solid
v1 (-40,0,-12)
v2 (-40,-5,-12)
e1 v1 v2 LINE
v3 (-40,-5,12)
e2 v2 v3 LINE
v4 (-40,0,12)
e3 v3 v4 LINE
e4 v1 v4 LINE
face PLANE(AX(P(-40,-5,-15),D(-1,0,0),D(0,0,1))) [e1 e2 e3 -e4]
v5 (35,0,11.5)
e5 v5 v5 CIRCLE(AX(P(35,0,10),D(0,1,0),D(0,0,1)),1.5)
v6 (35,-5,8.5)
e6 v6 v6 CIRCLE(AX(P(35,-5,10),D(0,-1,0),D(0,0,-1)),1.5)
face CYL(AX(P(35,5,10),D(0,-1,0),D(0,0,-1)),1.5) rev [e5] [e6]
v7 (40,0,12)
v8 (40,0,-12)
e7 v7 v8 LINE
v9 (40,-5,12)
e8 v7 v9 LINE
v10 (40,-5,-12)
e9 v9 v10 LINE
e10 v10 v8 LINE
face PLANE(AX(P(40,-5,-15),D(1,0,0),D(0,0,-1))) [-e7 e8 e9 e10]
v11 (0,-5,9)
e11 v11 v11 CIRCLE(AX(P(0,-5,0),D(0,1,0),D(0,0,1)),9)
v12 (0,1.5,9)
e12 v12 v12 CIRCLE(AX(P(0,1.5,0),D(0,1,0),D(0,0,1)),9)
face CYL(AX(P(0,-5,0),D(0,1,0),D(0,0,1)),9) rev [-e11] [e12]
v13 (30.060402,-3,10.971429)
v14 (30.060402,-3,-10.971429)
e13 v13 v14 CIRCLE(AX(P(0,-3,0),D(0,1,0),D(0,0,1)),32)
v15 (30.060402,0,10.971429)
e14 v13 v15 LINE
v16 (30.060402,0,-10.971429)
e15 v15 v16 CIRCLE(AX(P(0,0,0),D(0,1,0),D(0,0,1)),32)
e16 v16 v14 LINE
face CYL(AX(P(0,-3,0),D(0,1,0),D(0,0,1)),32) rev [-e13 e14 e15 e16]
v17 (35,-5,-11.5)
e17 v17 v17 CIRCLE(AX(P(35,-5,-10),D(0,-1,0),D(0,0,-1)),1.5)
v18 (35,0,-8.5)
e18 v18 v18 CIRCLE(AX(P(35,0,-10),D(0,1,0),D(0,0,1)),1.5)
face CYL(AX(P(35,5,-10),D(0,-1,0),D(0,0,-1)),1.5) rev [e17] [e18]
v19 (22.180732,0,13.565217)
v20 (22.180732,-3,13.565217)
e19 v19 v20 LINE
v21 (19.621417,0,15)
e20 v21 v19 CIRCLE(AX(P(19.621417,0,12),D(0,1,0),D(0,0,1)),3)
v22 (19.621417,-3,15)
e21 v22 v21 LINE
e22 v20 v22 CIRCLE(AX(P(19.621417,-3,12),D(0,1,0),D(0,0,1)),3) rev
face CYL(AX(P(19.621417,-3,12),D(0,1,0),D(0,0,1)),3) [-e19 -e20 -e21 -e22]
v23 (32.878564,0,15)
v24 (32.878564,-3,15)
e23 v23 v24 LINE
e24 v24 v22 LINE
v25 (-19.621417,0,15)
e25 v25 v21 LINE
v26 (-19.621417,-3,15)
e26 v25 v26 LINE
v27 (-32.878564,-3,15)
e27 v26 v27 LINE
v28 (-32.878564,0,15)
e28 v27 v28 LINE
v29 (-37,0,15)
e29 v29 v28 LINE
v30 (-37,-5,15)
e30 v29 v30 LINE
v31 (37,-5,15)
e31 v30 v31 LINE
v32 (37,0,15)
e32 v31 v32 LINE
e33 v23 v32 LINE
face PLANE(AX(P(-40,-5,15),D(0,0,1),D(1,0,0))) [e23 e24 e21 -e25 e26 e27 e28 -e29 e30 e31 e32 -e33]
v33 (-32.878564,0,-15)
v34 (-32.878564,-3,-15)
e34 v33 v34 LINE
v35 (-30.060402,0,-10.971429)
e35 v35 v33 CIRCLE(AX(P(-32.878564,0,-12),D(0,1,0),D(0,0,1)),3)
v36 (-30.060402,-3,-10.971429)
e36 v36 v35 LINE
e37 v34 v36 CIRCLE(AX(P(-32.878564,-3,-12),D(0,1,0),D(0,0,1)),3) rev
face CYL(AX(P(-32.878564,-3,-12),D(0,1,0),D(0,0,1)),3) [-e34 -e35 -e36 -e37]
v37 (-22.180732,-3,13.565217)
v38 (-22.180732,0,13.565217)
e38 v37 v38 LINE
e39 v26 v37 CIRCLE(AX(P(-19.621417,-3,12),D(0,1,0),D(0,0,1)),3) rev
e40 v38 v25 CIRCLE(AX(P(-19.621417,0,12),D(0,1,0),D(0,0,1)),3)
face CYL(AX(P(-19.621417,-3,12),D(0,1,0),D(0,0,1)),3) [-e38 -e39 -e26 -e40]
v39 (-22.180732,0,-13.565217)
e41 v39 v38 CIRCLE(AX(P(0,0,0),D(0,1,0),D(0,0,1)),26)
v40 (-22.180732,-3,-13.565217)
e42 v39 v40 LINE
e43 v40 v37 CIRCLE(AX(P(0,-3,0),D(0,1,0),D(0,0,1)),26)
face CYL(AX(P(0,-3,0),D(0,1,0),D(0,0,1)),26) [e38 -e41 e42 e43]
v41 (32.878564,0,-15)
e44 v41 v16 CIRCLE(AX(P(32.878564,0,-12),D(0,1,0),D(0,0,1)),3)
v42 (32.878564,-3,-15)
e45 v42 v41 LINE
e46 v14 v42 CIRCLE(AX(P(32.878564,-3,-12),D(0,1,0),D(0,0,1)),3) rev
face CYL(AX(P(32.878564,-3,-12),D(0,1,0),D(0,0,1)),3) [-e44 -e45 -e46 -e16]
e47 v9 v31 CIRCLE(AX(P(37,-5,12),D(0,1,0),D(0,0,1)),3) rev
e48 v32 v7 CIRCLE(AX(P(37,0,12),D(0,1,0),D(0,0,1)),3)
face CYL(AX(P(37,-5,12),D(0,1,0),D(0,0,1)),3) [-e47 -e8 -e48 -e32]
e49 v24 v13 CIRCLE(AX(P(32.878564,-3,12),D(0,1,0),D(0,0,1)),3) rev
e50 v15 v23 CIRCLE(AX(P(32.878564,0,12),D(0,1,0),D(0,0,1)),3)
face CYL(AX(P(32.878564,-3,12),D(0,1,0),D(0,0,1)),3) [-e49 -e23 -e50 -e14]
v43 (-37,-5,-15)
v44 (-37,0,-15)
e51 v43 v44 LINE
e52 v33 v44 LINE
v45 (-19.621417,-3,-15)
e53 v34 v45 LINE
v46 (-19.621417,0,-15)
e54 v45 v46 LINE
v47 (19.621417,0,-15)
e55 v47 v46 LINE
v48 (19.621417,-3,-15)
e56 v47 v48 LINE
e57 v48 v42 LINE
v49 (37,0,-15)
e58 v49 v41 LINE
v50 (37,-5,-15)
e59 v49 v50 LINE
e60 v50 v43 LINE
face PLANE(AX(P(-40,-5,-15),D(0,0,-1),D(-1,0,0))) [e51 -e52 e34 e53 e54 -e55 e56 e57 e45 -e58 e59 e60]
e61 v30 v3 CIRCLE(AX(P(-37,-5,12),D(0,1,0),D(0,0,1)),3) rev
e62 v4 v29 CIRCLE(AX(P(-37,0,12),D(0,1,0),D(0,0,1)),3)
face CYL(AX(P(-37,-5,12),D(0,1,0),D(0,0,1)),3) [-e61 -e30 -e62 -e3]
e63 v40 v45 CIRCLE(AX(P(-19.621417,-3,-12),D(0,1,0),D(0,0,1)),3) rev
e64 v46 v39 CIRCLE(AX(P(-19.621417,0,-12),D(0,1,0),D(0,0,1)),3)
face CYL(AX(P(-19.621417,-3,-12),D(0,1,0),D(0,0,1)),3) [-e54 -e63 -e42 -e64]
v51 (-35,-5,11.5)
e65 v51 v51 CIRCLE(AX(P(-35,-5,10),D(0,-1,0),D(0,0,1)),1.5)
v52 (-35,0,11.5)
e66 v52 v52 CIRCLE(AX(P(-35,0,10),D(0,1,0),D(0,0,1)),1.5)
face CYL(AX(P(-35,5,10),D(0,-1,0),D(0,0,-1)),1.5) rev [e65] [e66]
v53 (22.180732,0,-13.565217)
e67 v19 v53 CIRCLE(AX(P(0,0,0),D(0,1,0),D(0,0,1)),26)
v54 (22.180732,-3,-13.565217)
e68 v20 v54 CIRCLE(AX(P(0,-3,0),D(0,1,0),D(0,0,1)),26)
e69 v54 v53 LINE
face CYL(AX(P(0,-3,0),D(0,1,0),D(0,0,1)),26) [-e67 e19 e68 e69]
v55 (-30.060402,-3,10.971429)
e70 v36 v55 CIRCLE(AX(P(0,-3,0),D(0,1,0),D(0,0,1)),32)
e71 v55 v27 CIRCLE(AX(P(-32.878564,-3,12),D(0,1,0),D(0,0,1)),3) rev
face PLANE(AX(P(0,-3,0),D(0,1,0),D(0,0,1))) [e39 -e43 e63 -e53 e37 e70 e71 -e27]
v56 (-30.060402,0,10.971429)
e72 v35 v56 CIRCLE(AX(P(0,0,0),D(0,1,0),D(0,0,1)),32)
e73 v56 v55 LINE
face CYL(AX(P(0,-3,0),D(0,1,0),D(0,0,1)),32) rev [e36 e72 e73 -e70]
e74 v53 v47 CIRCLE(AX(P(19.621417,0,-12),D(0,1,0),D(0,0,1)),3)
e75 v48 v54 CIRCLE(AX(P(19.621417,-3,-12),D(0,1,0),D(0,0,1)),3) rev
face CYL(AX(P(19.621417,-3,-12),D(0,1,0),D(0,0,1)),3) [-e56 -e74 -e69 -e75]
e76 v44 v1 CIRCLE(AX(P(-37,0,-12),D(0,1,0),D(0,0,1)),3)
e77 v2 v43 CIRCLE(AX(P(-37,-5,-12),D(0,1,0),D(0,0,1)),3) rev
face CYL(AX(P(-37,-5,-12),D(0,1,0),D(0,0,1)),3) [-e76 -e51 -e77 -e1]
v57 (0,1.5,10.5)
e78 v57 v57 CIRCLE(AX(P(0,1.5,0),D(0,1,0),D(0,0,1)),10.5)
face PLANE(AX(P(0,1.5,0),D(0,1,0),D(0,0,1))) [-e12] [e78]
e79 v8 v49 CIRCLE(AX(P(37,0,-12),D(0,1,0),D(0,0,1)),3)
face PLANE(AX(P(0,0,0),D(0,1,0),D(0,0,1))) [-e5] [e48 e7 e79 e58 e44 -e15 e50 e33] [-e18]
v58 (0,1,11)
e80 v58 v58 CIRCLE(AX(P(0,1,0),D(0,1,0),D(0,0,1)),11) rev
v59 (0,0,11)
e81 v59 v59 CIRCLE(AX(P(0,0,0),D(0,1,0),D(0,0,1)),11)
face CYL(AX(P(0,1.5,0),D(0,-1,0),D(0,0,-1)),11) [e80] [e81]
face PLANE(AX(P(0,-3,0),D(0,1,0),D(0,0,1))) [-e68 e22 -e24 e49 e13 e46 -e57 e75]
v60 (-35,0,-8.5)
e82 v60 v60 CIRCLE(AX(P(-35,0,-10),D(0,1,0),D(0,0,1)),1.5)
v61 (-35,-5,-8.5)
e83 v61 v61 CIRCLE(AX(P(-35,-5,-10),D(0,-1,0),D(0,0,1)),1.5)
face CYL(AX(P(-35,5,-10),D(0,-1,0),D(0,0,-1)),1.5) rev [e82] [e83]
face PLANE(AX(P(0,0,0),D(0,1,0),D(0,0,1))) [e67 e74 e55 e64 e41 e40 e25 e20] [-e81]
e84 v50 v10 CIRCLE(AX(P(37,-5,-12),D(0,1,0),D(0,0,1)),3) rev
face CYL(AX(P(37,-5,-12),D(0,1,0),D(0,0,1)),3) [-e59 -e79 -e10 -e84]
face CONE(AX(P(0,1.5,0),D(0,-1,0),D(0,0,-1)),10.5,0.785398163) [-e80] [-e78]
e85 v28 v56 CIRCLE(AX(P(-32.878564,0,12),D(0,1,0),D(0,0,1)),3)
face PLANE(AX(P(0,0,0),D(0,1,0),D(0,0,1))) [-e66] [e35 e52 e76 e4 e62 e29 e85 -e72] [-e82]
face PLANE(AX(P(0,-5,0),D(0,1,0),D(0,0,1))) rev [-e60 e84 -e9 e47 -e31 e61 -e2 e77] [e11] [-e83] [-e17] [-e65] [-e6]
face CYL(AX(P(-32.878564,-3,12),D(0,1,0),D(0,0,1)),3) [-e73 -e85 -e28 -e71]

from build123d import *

# Parameters (mm, degrees)
SKETCH_1_W          = 80
SKETCH_1_H          = 30
SKETCH_1_R          = 9
EXTRUDE_1_DEPTH     = 5
EXTRUDE_START       = 1.5
SKETCH_4_R          = 11
SKETCH_4_R_2        = 9
EXTRUDE_4_DEPTH     = 1.5
SKETCH_5_R          = 32
SKETCH_5_R_2        = 26
CUT_EXTRUDE_1_DEPTH = 3
SKETCH_8_R          = 1.5
CUT_EXTRUDE_2_DEPTH = 10
FILLET_1_R          = 3
CHAMFER_1_SIZE      = 0.5


with BuildPart() as part:
    # 草图1 → 凸台-拉伸1 (new body)
    with BuildSketch(Plane(origin=(0, 0, 0), x_dir=(1, 0, 0), z_dir=(0, 1, 0))):
        Rectangle(SKETCH_1_W, SKETCH_1_H)
        with Locations(Location((0, 0, 0), (0, 0, 270))):
            Circle(SKETCH_1_R, mode=Mode.SUBTRACT)
    extrude(amount=-EXTRUDE_1_DEPTH)

    # 草图4 → 凸台-拉伸4 (add)
    with BuildSketch(Plane(origin=(0, 0, 0), x_dir=(1, 0, 0), z_dir=(0, 1, 0)).offset(EXTRUDE_START)):
        with Locations(Location((0, 0, 0), (0, 0, 270))):
            Circle(SKETCH_4_R)
        with Locations(Location((0, 0, 0), (0, 0, 270))):
            Circle(SKETCH_4_R_2, mode=Mode.SUBTRACT)
    extrude(amount=-EXTRUDE_4_DEPTH)

    # 草图5 → 切除-拉伸1 (cut)
    with BuildSketch(Plane(origin=(0, 0, 0), x_dir=(1, 0, 0), z_dir=(0, 1, 0))):
        Circle(SKETCH_5_R)
        Circle(SKETCH_5_R_2, mode=Mode.SUBTRACT)
    extrude(amount=-CUT_EXTRUDE_1_DEPTH, mode=Mode.SUBTRACT)

    # 草图8 → 切除-拉伸2 (cut)
    with BuildSketch(Plane.XZ.offset(5)):
        with Locations(Location((35, 10, 0), (0, 0, 270))):
            Circle(SKETCH_8_R)
        with Locations(Location((35, -10, 0), (0, 0, 270))):
            Circle(SKETCH_8_R)
        with Locations(Location((-35, -10, 0), (0, 0, 90))):
            Circle(SKETCH_8_R)
        with Locations(Location((-35, 10, 0), (0, 0, 90))):
            Circle(SKETCH_8_R)
    extrude(amount=-CUT_EXTRUDE_2_DEPTH, mode=Mode.SUBTRACT)

    # 圆角1
    fillet_1_edges = [part.edges().sort_by_distance(p)[0] for p in [
        (28.26658805, -1.5, 15),
        (-28.26658805, -1.5, 15),
        (-28.26658805, -1.5, -15),
        (28.26658805, -1.5, -15),
        (21.236760582, -1.5, 15),
        (21.236760582, -1.5, -15),
        (-21.236760582, -1.5, 15),
        (-21.236760582, -1.5, -15),
        (40, -2.5, 15),
        (-40, -2.5, 15),
        (-40, -2.5, -15),
        (40, -2.5, -15),
    ]]
    fillet(fillet_1_edges, radius=FILLET_1_R)

    # 倒角1
    chamfer_1_edges = [part.edges().sort_by_distance(p)[0] for p in [
        (0, 1.5, -11),
    ]]
    chamfer(chamfer_1_edges, length=CHAMFER_1_SIZE)


solid = part.part
